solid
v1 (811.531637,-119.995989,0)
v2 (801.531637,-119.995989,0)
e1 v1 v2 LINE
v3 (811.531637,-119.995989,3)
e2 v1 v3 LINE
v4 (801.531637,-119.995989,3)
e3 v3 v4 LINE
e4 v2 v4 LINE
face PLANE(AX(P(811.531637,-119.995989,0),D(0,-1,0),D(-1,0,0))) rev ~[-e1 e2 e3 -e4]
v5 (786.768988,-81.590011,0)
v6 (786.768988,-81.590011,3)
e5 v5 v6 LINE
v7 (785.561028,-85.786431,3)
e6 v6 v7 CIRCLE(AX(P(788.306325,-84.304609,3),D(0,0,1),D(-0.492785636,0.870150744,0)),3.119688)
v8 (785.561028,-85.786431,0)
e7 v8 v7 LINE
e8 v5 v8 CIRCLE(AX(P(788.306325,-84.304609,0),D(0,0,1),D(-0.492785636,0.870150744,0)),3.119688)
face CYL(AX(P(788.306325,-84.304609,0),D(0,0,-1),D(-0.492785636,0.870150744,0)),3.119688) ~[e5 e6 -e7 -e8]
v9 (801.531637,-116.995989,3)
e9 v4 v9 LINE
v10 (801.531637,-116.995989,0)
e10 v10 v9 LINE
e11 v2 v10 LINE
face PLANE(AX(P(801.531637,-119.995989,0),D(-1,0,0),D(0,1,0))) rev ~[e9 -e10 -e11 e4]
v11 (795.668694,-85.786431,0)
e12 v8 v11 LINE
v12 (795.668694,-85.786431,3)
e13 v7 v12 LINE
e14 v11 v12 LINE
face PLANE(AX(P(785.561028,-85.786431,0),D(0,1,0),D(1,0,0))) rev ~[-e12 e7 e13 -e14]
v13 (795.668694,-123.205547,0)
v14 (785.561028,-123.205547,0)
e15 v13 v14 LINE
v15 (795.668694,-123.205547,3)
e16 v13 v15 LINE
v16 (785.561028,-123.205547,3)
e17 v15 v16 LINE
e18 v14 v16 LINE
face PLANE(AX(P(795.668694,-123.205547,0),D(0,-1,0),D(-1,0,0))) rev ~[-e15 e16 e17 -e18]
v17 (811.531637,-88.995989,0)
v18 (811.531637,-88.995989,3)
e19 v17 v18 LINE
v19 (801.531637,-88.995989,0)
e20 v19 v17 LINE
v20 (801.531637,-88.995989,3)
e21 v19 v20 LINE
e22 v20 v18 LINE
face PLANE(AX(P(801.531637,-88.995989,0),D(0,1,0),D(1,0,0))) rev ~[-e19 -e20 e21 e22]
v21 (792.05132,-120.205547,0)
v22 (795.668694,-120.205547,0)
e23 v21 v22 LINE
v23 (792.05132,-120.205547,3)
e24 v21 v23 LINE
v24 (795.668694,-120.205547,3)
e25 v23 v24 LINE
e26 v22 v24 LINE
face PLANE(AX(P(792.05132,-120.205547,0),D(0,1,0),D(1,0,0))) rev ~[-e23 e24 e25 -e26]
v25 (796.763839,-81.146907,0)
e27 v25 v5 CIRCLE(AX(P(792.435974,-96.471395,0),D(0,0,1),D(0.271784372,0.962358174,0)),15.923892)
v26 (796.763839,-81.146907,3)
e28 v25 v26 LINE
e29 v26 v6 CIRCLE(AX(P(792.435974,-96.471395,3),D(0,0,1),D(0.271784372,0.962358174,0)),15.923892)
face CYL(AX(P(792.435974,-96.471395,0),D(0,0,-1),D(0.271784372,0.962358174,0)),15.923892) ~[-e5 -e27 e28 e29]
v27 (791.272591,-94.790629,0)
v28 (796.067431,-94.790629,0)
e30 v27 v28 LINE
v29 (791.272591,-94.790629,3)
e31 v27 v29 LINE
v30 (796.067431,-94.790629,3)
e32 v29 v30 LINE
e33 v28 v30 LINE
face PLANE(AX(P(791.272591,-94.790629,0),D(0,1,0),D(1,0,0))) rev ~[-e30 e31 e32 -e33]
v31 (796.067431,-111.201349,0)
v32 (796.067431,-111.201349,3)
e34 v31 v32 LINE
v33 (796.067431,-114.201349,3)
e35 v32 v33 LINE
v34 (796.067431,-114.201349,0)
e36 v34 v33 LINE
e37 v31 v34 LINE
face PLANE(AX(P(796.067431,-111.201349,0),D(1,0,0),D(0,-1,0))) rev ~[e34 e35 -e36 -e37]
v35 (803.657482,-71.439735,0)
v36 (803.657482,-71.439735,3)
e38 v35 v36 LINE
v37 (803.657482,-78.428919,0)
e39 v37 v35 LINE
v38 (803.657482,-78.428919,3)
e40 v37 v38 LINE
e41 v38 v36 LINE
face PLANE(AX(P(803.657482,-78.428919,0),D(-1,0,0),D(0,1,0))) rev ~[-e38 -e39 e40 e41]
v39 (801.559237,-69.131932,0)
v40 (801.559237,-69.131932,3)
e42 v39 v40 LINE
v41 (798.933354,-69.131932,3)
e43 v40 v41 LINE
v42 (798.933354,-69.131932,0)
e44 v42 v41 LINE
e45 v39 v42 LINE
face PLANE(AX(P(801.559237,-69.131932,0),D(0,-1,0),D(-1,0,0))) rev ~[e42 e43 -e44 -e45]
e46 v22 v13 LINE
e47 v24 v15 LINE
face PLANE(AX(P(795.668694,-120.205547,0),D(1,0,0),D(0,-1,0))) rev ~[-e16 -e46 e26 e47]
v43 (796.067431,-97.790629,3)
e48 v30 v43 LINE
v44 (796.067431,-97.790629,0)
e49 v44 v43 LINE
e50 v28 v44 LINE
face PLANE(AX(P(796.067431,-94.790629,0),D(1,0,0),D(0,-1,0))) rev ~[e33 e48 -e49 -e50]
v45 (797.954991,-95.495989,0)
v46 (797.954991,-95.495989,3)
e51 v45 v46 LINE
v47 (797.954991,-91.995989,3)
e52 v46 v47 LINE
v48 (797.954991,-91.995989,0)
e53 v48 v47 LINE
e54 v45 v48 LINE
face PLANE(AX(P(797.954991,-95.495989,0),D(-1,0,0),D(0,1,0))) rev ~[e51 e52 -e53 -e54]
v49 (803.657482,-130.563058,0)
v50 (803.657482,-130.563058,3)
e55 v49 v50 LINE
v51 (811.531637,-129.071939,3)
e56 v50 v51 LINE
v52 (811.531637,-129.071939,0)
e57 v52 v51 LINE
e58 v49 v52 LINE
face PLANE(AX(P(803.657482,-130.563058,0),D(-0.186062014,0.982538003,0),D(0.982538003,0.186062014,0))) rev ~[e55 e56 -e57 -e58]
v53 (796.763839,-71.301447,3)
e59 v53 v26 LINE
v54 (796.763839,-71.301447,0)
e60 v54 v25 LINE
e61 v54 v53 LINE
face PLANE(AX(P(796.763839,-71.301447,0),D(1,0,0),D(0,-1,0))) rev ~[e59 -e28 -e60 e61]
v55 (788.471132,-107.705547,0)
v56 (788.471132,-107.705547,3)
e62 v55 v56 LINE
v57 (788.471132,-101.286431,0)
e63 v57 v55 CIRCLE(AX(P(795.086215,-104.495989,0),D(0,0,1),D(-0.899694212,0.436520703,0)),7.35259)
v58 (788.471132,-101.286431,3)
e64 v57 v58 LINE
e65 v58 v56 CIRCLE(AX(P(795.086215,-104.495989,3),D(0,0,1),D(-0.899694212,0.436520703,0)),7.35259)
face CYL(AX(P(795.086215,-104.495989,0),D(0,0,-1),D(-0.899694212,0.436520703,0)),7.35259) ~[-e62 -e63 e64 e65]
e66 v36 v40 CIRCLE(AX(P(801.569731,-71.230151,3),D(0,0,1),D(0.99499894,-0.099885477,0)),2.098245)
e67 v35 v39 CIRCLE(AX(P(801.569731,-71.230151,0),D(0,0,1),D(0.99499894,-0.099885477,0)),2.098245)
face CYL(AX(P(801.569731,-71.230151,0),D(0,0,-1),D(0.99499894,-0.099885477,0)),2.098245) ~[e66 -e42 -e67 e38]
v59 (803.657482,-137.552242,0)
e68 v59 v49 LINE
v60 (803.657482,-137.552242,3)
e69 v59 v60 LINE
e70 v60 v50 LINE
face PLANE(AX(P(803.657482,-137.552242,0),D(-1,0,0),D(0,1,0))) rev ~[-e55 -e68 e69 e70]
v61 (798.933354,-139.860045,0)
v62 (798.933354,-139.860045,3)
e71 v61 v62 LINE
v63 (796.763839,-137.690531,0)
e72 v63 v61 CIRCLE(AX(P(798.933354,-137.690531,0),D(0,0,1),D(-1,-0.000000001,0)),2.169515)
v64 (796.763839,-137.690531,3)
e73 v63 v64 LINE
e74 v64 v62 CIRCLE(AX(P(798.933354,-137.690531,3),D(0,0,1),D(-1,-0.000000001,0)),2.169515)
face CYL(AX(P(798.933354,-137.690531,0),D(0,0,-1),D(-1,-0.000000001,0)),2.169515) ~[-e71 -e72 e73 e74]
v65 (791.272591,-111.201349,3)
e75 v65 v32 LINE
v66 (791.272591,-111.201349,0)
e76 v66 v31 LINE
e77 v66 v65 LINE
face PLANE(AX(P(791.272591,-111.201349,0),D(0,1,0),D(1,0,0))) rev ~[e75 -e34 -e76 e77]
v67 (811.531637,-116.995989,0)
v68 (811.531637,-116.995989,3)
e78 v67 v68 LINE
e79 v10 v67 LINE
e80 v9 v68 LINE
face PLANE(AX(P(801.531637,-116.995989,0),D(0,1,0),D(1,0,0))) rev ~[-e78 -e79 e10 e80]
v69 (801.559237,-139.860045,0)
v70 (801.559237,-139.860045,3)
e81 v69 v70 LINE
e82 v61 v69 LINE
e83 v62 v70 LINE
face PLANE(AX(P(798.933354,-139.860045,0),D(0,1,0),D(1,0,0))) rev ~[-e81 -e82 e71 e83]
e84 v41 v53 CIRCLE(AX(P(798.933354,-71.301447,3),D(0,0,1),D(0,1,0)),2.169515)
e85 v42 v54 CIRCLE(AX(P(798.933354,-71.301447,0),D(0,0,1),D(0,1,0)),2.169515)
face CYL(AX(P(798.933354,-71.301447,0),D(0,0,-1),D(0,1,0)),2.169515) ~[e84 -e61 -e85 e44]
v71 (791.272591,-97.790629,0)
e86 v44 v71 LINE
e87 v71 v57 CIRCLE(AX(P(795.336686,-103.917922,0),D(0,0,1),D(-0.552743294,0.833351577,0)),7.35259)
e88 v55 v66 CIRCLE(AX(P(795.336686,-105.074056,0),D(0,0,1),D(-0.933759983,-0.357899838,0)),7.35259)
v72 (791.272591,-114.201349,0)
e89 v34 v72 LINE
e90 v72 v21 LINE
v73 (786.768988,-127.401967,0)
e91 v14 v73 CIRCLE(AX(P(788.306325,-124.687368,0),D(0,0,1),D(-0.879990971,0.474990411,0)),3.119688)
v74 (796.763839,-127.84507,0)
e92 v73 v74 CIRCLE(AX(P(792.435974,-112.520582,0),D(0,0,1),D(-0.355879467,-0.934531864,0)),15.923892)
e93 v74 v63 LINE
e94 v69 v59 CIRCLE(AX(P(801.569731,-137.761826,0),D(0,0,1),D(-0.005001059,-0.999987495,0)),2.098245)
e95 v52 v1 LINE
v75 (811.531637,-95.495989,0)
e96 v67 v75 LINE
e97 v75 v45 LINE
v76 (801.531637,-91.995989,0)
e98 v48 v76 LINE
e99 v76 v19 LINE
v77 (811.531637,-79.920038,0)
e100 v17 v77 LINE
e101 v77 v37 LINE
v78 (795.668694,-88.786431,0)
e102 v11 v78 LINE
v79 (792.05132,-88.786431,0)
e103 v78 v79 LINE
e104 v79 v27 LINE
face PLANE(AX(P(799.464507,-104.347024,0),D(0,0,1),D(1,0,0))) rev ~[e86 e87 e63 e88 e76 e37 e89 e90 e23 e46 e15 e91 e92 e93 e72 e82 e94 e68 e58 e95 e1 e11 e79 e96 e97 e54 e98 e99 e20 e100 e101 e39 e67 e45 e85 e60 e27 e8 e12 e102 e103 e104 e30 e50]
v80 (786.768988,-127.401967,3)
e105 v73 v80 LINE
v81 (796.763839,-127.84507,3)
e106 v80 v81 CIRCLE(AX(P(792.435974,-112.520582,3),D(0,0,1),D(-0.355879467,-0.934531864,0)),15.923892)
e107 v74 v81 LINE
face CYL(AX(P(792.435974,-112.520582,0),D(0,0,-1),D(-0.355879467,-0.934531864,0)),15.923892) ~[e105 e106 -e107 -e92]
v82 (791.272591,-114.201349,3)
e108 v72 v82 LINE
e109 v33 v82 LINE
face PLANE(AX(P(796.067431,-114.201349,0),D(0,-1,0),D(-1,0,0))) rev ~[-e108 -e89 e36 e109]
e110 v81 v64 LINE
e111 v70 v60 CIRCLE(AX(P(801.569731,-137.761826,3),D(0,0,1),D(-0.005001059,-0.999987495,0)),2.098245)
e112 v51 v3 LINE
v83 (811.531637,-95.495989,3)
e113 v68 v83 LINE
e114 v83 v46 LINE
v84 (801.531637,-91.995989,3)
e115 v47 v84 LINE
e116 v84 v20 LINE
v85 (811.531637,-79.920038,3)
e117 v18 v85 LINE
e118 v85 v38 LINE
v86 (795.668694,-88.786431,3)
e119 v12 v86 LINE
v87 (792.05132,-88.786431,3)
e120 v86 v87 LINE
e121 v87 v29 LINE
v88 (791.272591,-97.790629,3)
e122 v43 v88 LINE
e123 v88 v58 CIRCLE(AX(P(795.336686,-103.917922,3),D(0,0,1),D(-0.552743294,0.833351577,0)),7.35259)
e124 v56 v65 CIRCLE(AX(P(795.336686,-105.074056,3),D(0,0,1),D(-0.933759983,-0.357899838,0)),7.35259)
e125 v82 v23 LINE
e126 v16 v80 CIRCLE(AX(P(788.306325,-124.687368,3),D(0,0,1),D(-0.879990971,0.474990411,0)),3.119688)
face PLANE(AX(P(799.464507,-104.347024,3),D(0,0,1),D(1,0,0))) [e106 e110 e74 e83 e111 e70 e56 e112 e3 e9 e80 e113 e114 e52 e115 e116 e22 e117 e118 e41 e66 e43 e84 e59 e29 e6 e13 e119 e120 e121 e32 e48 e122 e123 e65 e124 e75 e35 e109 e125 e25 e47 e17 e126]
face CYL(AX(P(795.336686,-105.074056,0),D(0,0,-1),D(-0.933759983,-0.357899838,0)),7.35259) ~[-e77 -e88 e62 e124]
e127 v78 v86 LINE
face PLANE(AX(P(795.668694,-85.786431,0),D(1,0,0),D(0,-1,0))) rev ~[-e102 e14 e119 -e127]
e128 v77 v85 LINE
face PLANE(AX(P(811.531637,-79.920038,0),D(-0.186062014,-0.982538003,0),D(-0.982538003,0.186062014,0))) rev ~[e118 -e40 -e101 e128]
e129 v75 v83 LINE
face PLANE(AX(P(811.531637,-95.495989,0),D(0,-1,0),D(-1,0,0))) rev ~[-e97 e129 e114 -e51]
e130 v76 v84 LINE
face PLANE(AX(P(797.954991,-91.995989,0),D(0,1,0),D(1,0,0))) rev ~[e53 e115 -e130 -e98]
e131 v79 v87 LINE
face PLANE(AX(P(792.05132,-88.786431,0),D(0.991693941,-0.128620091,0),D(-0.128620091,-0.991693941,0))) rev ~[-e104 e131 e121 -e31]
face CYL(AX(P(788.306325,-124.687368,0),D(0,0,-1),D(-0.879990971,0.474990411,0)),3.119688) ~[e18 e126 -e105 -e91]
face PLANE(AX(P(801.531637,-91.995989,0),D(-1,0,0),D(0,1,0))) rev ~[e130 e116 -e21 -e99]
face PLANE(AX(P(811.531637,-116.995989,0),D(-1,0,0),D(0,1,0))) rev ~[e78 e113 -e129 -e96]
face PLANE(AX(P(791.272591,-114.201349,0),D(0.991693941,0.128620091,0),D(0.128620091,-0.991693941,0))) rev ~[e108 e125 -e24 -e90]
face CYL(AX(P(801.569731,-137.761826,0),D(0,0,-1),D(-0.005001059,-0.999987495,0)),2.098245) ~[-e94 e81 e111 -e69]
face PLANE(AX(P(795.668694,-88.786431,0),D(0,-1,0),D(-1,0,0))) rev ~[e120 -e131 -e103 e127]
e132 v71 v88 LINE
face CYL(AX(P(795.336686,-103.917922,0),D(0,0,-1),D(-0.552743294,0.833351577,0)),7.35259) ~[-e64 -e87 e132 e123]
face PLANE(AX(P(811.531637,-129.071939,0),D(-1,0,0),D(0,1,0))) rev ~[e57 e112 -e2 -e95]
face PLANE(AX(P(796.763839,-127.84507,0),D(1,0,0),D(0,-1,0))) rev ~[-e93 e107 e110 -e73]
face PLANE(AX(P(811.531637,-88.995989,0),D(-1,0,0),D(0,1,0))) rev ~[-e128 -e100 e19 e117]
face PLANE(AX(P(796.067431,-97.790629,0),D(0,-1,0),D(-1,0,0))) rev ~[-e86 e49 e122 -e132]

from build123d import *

# Parameters (mm, degrees)
BASE_EXTRUDE_DEPTH = 3


with BuildPart() as part:
    # Sketch1 → Base-Extrude (new body)
    with BuildSketch(Plane.XY):
        with BuildLine():
            Line((796.067430824, -94.790628806), (796.067430824, -97.790628806))
            Line((796.067430824, -97.790628806), (791.272591236, -97.790628806))
            ThreePointArc((791.272591236, -97.790628806), (789.599137263, -99.319974572), (788.471131564, -101.286430728))
            ThreePointArc((788.471131564, -101.286430728), (787.733624184, -104.495988694), (788.471131564, -107.705546661))
            ThreePointArc((788.471131564, -107.705546661), (789.599137263, -109.672002816), (791.272591236, -111.201348582))
            Line((791.272591236, -111.201348582), (796.067430824, -111.201348582))
            Line((796.067430824, -111.201348582), (796.067430824, -114.201348582))
            Line((796.067430824, -114.201348582), (791.272591236, -114.201348582))
            Line((791.272591236, -114.201348582), (792.051319906, -120.205546661))
            Line((792.051319906, -120.205546661), (795.668694327, -120.205546661))
            Line((795.668694327, -120.205546661), (795.668694327, -123.205546661))
            Line((795.668694327, -123.205546661), (785.561028396, -123.205546661))
            ThreePointArc((785.561028396, -123.205546661), (785.308371949, -125.550343576), (786.768988057, -127.401966768))
            ThreePointArc((786.768988057, -127.401966768), (791.730710774, -128.428848688), (796.763839141, -127.845069923))
            Line((796.763839141, -127.845069923), (796.763839141, -137.690530558))
            ThreePointArc((796.763839141, -137.690530558), (797.399275262, -139.224609057), (798.933353761, -139.860045178))
            Line((798.933353761, -139.860045178), (801.559237467, -139.860045178))
            ThreePointArc((801.559237467, -139.860045178), (803.122225358, -139.173347979), (803.657482492, -137.552242187))
            Line((803.657482492, -137.552242187), (803.657482492, -130.563057952))
            Line((803.657482492, -130.563057952), (811.531636536, -129.07193908))
            Line((811.531636536, -129.07193908), (811.531636536, -119.995988694))
            Line((811.531636536, -119.995988694), (801.531636536, -119.995988694))
            Line((801.531636536, -119.995988694), (801.531636536, -116.995988694))
            Line((801.531636536, -116.995988694), (811.531636536, -116.995988694))
            Line((811.531636536, -116.995988694), (811.531636536, -95.495988694))
            Line((811.531636536, -95.495988694), (797.954990923, -95.495988694))
            Line((797.954990923, -95.495988694), (797.954990923, -94.995988694))
            Line((797.954990923, -94.995988694), (797.954990923, -91.995988694))
            Line((797.954990923, -91.995988694), (801.531636536, -91.995988694))
            Line((801.531636536, -91.995988694), (801.531636536, -88.995988694))
            Line((801.531636536, -88.995988694), (811.531636536, -88.995988694))
            Line((811.531636536, -88.995988694), (811.531636536, -79.920038308))
            Line((811.531636536, -79.920038308), (803.657482492, -78.428919436))
            Line((803.657482492, -78.428919436), (803.657482492, -71.439735201))
            ThreePointArc((803.657482492, -71.439735201), (803.122225358, -69.818629409), (801.559237467, -69.131932211))
            Line((801.559237467, -69.131932211), (798.933353761, -69.131932211))
            ThreePointArc((798.933353761, -69.131932211), (797.399275262, -69.767368331), (796.763839141, -71.30144683))
            Line((796.763839141, -71.30144683), (796.763839141, -81.146907465))
            ThreePointArc((796.763839141, -81.146907465), (791.730710774, -80.5631287), (786.768988057, -81.590010621))
            ThreePointArc((786.768988057, -81.590010621), (785.308371949, -83.441633812), (785.561028396, -85.786430728))
            Line((785.561028396, -85.786430728), (795.668694327, -85.786430728))
            Line((795.668694327, -85.786430728), (795.668694327, -88.786430728))
            Line((795.668694327, -88.786430728), (792.051319906, -88.786430728))
            Line((792.051319906, -88.786430728), (791.272591236, -94.790628806))
            Line((791.272591236, -94.790628806), (796.067430824, -94.790628806))
        make_face()
    extrude(amount=BASE_EXTRUDE_DEPTH)


solid = part.part
